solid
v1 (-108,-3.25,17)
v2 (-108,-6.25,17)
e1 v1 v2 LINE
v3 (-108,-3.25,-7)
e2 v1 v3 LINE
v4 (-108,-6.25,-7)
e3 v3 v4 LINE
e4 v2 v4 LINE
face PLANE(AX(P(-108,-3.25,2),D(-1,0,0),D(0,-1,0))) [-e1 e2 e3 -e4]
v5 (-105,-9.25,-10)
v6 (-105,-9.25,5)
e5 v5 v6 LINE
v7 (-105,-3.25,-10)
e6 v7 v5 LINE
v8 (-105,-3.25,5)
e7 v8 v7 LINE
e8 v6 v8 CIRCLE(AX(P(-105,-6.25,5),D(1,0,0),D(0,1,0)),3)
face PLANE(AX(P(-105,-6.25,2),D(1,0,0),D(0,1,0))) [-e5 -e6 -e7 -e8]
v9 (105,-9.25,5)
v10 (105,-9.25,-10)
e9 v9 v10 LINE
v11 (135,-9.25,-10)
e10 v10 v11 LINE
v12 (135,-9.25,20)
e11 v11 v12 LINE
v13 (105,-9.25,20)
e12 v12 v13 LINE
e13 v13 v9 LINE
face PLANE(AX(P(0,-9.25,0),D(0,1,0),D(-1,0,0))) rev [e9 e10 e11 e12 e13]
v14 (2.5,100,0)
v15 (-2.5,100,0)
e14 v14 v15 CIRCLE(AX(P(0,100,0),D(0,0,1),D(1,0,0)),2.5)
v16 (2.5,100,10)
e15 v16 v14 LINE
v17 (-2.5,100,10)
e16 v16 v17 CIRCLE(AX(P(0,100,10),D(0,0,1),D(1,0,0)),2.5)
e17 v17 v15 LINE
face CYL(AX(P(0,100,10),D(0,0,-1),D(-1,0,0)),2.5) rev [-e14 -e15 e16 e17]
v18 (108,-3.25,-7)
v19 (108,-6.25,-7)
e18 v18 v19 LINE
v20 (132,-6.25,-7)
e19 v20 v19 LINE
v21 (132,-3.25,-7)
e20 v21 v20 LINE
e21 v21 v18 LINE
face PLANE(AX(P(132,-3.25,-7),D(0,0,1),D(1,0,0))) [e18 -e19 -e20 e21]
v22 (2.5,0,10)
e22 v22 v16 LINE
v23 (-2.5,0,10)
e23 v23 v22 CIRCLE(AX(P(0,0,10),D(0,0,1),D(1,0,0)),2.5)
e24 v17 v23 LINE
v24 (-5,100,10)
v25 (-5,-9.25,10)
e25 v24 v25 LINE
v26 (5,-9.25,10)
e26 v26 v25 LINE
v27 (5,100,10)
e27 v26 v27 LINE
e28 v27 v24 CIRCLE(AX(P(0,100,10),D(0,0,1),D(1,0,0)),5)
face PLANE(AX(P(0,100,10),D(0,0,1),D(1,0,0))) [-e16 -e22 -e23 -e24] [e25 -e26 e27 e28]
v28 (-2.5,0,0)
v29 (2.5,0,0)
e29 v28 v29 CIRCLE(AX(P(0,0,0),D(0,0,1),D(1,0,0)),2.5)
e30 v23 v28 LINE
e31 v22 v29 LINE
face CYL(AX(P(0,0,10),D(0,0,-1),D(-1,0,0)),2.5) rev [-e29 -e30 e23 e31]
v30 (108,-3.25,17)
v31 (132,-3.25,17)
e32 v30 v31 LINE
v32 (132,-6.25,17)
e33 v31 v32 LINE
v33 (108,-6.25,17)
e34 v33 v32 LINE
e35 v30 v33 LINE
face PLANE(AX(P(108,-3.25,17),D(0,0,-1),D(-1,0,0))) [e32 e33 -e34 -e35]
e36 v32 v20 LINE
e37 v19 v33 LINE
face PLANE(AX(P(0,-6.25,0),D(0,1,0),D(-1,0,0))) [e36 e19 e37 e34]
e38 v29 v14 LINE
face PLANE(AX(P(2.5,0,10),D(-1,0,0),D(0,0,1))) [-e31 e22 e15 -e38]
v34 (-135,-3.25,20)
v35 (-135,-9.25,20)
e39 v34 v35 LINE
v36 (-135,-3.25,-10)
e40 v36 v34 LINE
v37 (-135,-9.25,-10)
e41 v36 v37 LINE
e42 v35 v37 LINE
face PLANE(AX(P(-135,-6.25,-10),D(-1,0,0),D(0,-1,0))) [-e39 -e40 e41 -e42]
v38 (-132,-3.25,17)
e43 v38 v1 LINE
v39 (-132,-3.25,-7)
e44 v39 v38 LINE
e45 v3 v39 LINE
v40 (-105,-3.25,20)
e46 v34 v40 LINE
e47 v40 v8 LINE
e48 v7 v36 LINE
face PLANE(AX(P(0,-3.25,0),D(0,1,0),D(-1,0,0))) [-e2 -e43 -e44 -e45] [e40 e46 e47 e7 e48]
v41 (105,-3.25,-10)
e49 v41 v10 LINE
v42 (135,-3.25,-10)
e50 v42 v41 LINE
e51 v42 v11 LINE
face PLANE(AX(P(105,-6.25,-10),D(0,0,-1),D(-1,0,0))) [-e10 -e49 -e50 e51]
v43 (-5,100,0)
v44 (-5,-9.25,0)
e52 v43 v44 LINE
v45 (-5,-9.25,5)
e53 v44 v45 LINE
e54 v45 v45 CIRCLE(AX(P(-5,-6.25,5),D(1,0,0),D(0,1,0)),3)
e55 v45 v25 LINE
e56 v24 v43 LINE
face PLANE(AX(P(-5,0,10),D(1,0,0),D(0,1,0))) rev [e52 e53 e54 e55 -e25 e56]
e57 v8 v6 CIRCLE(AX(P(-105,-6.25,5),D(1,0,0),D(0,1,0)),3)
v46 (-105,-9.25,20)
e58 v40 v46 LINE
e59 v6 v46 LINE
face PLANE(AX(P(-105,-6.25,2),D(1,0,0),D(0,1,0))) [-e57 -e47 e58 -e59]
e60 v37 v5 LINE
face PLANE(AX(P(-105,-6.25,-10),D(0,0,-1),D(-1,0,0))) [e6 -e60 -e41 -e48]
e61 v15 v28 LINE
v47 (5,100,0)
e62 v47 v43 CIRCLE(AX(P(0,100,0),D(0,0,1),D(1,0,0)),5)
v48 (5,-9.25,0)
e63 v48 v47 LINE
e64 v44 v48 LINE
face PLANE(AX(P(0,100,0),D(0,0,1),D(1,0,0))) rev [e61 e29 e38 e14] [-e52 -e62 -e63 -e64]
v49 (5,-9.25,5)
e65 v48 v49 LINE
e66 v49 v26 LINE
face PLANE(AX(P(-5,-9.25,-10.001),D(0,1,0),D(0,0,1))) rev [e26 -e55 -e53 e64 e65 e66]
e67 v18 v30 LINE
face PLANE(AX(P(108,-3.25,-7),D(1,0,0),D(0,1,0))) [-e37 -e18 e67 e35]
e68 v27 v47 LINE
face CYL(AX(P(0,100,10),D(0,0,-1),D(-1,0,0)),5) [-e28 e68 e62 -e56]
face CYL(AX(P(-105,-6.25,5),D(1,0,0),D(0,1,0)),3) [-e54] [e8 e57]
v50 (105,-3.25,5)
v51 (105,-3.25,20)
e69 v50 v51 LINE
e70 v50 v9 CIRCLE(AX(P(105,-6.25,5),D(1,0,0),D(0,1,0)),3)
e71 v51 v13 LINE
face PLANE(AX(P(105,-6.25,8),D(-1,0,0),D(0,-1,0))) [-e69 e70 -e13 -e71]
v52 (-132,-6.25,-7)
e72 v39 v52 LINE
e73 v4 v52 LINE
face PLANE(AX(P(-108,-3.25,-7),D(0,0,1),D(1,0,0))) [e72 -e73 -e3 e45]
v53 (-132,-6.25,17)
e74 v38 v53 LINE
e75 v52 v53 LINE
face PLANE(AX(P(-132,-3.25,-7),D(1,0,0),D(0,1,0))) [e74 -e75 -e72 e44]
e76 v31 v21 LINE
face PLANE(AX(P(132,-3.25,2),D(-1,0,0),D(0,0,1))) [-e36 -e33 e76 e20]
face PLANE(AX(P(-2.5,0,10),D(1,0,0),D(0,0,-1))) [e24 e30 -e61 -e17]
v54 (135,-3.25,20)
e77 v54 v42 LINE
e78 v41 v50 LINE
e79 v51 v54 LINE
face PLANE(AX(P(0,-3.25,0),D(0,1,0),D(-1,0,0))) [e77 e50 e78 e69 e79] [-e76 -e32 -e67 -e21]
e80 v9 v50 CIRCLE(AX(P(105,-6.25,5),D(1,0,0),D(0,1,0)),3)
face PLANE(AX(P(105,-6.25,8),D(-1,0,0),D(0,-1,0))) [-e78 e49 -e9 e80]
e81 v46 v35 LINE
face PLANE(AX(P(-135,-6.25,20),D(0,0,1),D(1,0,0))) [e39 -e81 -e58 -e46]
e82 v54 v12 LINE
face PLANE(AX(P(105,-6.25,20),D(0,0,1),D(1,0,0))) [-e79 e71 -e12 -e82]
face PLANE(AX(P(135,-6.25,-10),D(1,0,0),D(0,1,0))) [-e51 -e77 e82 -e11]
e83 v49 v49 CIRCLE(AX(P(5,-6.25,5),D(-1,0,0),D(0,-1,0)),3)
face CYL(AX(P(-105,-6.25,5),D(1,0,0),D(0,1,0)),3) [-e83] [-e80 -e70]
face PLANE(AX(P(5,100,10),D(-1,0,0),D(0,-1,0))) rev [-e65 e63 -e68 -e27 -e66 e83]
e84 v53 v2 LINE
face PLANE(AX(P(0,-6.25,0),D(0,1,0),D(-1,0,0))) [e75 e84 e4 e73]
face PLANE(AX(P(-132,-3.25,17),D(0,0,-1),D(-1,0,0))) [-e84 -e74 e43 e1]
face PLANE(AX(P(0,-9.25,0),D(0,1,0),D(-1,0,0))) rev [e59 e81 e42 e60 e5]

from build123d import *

# Parameters (mm, degrees)
BOSS_EXTRUDE2_DEPTH      = 10
SKETCH3_R                = 3
BOSS_EXTRUDE3_DEPTH      = 100
BOSS_EXTRUDE3_DEPTH_BACK = 110
BOSS_EXTRUDE4_DEPTH      = 3
BOSS_EXTRUDE5_DEPTH      = 3
BOSS_EXTRUDE6_DEPTH      = 3
CUT_EXTRUDE1_REACH       = 22
SKETCH9_W                = 10
SKETCH9_H                = 0.75


with BuildPart() as part:
    # Sketch1 → Boss-Extrude2 (new body)
    with BuildSketch(Plane.XY):
        with BuildLine():
            Line((5, 100), (5, 0))
            Line((5, 0), (5, -10))
            Line((5, -10), (-5, -10))
            Line((-5, -10), (-5, 0))
            Line((-5, 0), (-5, 100))
            ThreePointArc((-5, 100), (0, 105), (5, 100))
        make_face()
        with BuildLine():
            Line((-2.5, 0), (-2.5, 100))
            ThreePointArc((-2.5, 100), (0, 102.5), (2.5, 100))
            Line((2.5, 100), (2.5, 0))
            ThreePointArc((2.5, 0), (0, -2.5), (-2.5, 0))
        make_face(mode=Mode.SUBTRACT)
    extrude(amount=BOSS_EXTRUDE2_DEPTH)

    # Sketch3 → Boss-Extrude3 (add, two sides)
    with BuildSketch(Plane(origin=(5, 0, 0), x_dir=(0, 0, -1), z_dir=(1, 0, 0))) as boss_extrude3_sk:
        with Locations((-5, -6.25)):
            Circle(SKETCH3_R)
    extrude(amount=BOSS_EXTRUDE3_DEPTH)
    extrude(boss_extrude3_sk.sketch, amount=-BOSS_EXTRUDE3_DEPTH_BACK)

    # Sketch6 → Boss-Extrude4 (add)
    with BuildSketch(Plane(origin=(0, -9.25, 0), x_dir=(-1, 0, 0), z_dir=(0, -1, 0))):
        Polygon((-105, -2), (-105, 10), (-135, 10), (-135, -20), (-105, -20), (-105, -8), align=None)
        Polygon((105, -2), (105, 10), (135, 10), (135, -20), (105, -20), (105, -8), align=None)
    extrude(amount=-BOSS_EXTRUDE4_DEPTH)

    # Sketch7 → Boss-Extrude5 (add)
    with BuildSketch(Plane(origin=(0, -6.25, 0), x_dir=(1, 0, 0), z_dir=(0, 1, 0))):
        Polygon((-105, -2), (-105, 10), (-135, 10), (-135, -20), (-105, -20), (-105, -8), align=None)
        Polygon((-108, -2), (-108, 7), (-132, 7), (-132, -17), (-108, -17), (-108, -8), align=None, mode=Mode.SUBTRACT)
    extrude(amount=BOSS_EXTRUDE5_DEPTH)

    # Sketch8 → Boss-Extrude6 (add)
    with BuildSketch(Plane(origin=(0, -6.25, 0), x_dir=(1, 0, 0), z_dir=(0, 1, 0))):
        Polygon((135, -2), (135, 10), (105, 10), (105, -20), (135, -20), (135, -8), align=None)
        Polygon((132, -2), (132, 7), (108, 7), (108, -17), (132, -17), (132, -8), align=None, mode=Mode.SUBTRACT)
    extrude(amount=BOSS_EXTRUDE6_DEPTH)

    # Sketch9 → Cut-Extrude1 (cut, up to next)
    with BuildSketch(Plane.XY.offset(10), mode=Mode.PRIVATE) as cut_extrude1_sk1:
        with Locations((0, -9.625)):
            Rectangle(SKETCH9_W, SKETCH9_H)
    cut_extrude1_tool1 = extrude(cut_extrude1_sk1.sketch, amount=-CUT_EXTRUDE1_REACH, mode=Mode.PRIVATE) & part.part
    add(cut_extrude1_tool1.solids().sort_by_distance((0, -9.625, 10))[0], mode=Mode.SUBTRACT)


solid = part.part
